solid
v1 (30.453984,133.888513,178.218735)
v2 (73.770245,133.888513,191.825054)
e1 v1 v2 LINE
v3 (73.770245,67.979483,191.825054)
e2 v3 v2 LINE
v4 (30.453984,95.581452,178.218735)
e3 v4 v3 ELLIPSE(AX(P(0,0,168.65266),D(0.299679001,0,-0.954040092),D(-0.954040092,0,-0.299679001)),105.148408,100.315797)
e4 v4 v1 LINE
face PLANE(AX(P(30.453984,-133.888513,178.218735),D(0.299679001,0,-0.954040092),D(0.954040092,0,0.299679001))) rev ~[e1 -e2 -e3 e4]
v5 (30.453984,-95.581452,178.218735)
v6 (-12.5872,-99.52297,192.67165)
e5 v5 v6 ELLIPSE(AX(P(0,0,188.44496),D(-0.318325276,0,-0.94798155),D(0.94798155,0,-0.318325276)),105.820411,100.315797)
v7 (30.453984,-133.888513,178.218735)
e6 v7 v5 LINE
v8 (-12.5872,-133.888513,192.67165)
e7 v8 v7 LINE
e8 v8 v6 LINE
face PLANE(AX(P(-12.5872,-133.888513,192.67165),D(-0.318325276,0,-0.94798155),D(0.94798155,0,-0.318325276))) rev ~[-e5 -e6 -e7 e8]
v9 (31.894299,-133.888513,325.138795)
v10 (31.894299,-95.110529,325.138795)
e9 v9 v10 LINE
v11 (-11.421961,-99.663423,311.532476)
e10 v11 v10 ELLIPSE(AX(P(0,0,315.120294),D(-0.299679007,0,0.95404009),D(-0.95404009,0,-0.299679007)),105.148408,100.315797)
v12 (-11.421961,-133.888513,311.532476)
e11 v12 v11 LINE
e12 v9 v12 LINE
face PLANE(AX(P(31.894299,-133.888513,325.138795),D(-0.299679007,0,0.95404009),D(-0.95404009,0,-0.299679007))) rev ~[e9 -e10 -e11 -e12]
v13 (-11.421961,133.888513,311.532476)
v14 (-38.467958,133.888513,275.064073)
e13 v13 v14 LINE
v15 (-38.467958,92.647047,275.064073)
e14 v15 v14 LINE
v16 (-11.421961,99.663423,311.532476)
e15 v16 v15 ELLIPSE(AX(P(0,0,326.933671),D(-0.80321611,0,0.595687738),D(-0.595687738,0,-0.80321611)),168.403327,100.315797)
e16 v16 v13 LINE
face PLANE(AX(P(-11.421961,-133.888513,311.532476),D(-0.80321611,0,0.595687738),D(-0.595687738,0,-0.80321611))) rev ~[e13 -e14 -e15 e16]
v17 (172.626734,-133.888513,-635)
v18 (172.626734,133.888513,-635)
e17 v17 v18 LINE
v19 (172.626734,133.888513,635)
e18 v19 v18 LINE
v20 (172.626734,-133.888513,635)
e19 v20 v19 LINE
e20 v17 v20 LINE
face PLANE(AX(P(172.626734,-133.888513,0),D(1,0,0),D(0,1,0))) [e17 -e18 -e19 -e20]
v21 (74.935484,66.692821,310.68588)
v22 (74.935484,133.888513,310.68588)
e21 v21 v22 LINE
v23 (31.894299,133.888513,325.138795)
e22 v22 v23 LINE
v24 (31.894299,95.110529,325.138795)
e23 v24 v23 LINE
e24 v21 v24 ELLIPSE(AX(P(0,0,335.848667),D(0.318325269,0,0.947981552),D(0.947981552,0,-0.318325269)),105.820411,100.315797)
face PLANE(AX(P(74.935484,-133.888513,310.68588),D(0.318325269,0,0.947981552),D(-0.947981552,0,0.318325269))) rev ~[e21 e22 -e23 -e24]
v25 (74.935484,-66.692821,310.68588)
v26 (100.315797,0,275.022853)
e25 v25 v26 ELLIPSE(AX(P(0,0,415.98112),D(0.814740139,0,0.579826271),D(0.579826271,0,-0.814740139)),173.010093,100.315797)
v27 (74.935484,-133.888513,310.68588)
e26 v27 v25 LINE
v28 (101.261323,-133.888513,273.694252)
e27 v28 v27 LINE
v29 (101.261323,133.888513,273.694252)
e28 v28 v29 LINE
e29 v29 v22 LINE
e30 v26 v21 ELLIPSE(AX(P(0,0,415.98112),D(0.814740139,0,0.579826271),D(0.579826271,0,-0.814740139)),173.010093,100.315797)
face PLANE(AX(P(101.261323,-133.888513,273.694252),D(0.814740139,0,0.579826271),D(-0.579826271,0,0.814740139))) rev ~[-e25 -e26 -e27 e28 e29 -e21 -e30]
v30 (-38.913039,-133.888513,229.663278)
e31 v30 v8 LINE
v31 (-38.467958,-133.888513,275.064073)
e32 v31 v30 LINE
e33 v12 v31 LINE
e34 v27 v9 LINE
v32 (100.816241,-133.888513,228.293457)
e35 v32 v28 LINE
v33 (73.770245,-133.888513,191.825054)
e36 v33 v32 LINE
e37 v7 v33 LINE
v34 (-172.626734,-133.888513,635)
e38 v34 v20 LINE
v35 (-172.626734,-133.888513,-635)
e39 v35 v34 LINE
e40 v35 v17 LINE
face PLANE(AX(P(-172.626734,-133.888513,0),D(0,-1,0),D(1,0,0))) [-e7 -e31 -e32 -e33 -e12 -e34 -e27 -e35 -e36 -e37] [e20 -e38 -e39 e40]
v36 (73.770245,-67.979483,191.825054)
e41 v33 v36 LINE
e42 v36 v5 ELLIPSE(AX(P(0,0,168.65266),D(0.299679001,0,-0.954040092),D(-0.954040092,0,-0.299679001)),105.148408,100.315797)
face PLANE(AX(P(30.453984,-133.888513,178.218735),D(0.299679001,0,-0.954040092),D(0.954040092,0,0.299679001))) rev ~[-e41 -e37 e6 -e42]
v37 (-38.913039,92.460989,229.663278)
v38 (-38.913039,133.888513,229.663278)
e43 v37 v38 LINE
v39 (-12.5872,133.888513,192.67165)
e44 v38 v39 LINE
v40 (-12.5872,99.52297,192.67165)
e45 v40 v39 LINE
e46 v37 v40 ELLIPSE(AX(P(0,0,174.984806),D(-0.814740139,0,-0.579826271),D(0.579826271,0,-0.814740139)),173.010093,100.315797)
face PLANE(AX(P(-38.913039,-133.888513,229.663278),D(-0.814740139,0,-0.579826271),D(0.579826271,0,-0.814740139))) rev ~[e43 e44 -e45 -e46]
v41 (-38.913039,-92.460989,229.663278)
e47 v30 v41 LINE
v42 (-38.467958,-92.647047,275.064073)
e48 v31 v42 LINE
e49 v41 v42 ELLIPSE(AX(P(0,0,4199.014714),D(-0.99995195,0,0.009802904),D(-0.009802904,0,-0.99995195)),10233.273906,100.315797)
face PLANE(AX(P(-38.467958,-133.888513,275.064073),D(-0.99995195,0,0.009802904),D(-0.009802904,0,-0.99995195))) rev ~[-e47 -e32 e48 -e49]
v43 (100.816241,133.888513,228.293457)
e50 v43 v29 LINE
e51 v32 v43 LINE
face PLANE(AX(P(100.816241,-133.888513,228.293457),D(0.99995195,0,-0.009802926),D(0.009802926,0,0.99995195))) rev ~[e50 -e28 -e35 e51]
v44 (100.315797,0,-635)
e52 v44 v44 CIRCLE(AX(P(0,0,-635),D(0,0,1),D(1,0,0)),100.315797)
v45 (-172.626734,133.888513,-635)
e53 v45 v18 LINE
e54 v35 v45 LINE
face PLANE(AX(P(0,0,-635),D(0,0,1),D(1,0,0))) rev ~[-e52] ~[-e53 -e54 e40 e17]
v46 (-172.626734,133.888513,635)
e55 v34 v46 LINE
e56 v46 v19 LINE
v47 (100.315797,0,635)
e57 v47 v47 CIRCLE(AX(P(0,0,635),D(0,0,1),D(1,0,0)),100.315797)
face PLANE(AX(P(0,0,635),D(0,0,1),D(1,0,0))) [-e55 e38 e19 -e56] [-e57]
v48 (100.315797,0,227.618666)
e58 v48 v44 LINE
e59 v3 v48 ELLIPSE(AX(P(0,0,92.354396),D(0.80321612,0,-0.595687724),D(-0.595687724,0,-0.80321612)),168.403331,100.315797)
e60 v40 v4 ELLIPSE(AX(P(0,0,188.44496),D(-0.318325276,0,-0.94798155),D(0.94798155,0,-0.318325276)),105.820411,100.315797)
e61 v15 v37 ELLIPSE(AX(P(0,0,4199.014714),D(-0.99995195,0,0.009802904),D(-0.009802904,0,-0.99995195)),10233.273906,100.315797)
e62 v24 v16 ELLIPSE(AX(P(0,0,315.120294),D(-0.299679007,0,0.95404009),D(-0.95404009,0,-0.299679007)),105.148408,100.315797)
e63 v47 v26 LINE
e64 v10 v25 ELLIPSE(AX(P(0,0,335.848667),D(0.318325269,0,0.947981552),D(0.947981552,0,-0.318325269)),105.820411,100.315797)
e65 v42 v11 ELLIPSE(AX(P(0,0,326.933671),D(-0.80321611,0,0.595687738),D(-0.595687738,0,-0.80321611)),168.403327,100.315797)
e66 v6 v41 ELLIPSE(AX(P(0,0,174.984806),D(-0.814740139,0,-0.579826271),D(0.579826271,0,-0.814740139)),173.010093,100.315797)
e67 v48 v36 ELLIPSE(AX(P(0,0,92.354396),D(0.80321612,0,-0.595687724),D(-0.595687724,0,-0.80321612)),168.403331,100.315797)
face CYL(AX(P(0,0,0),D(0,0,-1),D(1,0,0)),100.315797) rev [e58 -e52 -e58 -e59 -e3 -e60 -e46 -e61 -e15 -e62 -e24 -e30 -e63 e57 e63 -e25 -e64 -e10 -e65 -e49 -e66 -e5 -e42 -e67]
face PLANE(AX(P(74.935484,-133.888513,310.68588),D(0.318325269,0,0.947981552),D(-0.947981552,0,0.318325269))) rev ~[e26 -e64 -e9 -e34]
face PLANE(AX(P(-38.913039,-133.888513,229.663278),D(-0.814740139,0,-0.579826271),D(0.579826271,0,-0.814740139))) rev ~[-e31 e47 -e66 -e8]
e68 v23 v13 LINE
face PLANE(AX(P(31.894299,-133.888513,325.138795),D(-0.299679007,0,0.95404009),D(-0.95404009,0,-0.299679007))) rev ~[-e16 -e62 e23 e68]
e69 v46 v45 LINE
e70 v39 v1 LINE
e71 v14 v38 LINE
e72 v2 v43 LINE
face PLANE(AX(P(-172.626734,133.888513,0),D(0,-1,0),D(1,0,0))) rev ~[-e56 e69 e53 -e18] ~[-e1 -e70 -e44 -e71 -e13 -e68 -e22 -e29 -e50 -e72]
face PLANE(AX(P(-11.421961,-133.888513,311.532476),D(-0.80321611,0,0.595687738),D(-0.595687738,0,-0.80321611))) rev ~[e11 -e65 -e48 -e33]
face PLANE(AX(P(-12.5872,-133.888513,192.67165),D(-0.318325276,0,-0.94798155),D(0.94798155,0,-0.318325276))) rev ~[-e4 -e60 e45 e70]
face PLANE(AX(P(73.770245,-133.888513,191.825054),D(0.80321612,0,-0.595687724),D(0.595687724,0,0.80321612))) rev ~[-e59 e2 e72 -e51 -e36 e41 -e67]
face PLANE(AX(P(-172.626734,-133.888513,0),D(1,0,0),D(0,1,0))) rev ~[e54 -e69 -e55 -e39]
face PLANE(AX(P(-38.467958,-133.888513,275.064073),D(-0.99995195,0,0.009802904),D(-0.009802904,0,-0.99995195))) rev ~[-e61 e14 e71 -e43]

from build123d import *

# Parameters (mm, degrees)
F0_W     = 345.253468
F0_H     = 267.777026
F0_R     = 100.315797
F1_DEPTH = 635
F3_DEPTH = 381


with BuildPart() as f1:
    # F0 (on Top) → F1 (new body, symmetric)
    with BuildSketch(Plane.XY):
        Rectangle(F0_W, F0_H)
        Circle(F0_R, mode=Mode.SUBTRACT)
    extrude(amount=F1_DEPTH, both=True)

    # F2 (on face) → F3 (cut)
    with BuildSketch(Plane.XZ.offset(133.888513)):
        Polygon((-11.421961, 311.532476), (-38.467958, 275.064073), (-38.913039, 229.663278), (-12.5872, 192.67165), (30.453984, 178.218735), (73.770245, 191.825054), (100.816241, 228.293457), (101.261323, 273.694252), (74.935484, 310.68588), (31.894299, 325.138795), align=None)
    extrude(amount=-F3_DEPTH, mode=Mode.SUBTRACT)


solid = f1.part
